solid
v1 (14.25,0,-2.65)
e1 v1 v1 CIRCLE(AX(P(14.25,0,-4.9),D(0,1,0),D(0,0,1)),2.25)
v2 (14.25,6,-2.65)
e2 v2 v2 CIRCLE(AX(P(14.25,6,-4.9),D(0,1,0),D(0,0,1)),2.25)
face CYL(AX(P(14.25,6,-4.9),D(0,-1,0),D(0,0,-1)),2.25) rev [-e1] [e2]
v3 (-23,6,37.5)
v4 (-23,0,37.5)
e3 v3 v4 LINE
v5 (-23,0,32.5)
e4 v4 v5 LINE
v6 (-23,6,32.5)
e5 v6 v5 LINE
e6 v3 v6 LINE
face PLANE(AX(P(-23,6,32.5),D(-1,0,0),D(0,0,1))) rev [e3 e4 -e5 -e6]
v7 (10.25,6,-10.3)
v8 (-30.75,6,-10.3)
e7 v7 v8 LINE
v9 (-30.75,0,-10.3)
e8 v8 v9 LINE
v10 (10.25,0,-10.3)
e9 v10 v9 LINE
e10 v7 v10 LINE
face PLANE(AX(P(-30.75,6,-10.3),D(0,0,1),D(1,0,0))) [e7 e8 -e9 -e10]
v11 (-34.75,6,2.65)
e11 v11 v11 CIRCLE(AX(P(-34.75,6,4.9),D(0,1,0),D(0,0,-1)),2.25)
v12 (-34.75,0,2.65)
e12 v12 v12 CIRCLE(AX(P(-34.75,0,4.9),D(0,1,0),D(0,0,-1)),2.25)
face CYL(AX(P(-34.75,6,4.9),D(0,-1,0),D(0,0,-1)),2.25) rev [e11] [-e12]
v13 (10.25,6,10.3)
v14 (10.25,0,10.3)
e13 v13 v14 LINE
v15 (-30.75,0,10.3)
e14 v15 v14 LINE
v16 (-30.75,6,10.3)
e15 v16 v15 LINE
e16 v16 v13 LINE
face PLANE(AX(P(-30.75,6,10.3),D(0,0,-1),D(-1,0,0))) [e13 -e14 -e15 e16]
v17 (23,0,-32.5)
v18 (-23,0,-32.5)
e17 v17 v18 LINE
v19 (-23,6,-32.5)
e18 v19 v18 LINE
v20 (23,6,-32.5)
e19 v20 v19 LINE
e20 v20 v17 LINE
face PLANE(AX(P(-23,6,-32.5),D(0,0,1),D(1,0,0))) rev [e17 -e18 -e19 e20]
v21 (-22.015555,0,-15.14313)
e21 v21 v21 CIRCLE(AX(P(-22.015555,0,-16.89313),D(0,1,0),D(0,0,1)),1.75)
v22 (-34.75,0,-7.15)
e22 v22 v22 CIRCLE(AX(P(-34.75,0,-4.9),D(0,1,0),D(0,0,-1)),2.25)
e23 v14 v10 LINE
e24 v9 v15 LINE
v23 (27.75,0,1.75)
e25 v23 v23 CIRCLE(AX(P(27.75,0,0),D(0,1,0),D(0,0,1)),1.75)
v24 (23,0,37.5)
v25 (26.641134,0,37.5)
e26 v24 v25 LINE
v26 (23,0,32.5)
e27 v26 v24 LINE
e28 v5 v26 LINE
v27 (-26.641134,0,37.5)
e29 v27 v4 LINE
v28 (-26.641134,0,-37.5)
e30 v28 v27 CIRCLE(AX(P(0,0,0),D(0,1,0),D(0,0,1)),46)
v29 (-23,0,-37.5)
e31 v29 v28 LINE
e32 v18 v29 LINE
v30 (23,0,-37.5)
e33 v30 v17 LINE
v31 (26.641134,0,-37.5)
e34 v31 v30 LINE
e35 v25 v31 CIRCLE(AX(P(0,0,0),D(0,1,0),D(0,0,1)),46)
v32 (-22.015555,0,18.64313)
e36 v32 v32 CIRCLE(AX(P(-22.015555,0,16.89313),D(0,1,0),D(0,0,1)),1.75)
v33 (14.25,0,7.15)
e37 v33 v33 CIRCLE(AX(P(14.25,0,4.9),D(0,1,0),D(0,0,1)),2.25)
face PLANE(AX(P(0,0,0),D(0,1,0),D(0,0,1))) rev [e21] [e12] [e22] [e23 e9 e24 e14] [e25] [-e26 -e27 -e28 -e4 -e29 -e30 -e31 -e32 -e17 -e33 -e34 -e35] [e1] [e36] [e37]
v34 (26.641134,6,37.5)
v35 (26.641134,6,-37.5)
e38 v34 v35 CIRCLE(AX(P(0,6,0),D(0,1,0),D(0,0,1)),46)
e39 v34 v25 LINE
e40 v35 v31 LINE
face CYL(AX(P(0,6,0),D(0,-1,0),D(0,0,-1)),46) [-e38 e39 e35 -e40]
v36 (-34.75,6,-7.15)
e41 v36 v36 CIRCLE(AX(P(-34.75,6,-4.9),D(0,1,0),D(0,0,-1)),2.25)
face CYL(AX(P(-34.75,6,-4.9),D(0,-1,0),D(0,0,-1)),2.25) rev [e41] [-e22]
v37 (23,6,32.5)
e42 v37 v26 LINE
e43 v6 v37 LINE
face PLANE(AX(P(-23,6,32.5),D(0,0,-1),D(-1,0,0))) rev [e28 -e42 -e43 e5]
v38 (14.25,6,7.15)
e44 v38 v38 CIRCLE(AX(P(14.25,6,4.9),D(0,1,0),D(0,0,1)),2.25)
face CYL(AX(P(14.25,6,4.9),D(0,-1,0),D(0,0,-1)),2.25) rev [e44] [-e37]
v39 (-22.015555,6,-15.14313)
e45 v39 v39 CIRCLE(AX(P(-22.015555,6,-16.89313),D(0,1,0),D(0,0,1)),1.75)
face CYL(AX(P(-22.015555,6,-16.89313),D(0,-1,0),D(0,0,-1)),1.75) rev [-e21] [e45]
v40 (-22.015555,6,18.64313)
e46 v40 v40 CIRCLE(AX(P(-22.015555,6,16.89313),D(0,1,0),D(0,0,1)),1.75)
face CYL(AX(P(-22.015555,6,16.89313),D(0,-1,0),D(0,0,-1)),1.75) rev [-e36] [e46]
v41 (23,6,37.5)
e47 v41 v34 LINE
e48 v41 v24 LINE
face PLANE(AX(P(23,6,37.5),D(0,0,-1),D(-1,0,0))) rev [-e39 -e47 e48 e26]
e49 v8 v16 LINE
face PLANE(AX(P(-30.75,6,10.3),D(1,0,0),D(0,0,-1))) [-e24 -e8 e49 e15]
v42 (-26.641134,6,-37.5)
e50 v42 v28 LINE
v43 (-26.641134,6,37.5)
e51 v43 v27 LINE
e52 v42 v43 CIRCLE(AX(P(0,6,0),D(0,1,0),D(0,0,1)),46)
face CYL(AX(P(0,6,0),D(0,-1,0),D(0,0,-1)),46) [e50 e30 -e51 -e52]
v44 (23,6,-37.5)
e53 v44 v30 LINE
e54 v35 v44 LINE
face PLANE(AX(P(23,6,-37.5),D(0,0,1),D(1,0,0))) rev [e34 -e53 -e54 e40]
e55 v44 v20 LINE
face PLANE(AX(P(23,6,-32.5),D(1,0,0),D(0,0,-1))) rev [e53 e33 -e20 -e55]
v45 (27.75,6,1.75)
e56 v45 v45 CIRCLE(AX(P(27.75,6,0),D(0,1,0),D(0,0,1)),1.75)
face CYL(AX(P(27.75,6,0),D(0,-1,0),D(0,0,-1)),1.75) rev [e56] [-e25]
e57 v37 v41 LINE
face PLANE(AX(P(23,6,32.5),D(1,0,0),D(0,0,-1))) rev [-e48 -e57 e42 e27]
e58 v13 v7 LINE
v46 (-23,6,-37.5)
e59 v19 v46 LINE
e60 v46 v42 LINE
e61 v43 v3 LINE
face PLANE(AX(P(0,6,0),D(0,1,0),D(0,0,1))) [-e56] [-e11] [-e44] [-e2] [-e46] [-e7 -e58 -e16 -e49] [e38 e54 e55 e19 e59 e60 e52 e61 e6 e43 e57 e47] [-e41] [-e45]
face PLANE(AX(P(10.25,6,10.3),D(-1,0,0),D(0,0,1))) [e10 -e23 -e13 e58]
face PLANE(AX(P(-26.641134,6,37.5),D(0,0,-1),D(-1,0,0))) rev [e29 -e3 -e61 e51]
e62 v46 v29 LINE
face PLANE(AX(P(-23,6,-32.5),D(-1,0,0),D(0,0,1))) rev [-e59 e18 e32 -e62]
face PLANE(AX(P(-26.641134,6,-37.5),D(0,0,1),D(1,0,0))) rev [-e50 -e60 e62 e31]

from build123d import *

# Parameters (mm, degrees)
SKETCH1_R           = 2.25
SKETCH1_R_2         = 1.75
SKETCH1_W           = 41
SKETCH1_H           = 20.6
BOSS_EXTRUDE1_DEPTH = 6


with BuildPart() as part:
    # Sketch1 → Boss-Extrude1 (new body)
    with BuildSketch(Plane(origin=(0, 0, 0), x_dir=(1, 0, 0), z_dir=(0, 1, 0))):
        with BuildLine():
            Line((-26.64113361, 37.5), (-23, 37.5))
            Line((-23, 37.5), (-23, 32.5))
            Line((-23, 32.5), (23, 32.5))
            Line((23, 32.5), (23, 37.5))
            Line((23, 37.5), (26.64113361, 37.5))
            ThreePointArc((26.64113361, 37.5), (46, 0), (26.64113361, -37.5))
            Line((26.64113361, -37.5), (23, -37.5))
            Line((23, -37.5), (23, -32.5))
            Line((23, -32.5), (-23, -32.5))
            Line((-23, -32.5), (-23, -37.5))
            Line((-23, -37.5), (-26.64113361, -37.5))
            ThreePointArc((-26.64113361, -37.5), (-46, 0), (-26.64113361, 37.5))
        make_face()
        with Locations(Location((14.25, 4.9, 0), (0, 0, 270))):
            Circle(SKETCH1_R, mode=Mode.SUBTRACT)
        with Locations(Location((14.25, -4.9, 0), (0, 0, 270))):
            Circle(SKETCH1_R, mode=Mode.SUBTRACT)
        with Locations(Location((-34.75, 4.9, 0), (0, 0, 90))):
            Circle(SKETCH1_R, mode=Mode.SUBTRACT)
        with Locations(Location((-34.75, -4.9, 0), (0, 0, 90))):
            Circle(SKETCH1_R, mode=Mode.SUBTRACT)
        with Locations(Location((27.75, 0, 0), (0, 0, 270))):
            Circle(SKETCH1_R_2, mode=Mode.SUBTRACT)
        with Locations(Location((-22.015555193, 16.893129655, 0), (0, 0, 270))):
            Circle(SKETCH1_R_2, mode=Mode.SUBTRACT)
        with Locations(Location((-22.015555193, -16.893129655, 0), (0, 0, 270))):
            Circle(SKETCH1_R_2, mode=Mode.SUBTRACT)
        with Locations((-10.25, 0)):
            Rectangle(SKETCH1_W, SKETCH1_H, mode=Mode.SUBTRACT)
    extrude(amount=BOSS_EXTRUDE1_DEPTH)


solid = part.part
